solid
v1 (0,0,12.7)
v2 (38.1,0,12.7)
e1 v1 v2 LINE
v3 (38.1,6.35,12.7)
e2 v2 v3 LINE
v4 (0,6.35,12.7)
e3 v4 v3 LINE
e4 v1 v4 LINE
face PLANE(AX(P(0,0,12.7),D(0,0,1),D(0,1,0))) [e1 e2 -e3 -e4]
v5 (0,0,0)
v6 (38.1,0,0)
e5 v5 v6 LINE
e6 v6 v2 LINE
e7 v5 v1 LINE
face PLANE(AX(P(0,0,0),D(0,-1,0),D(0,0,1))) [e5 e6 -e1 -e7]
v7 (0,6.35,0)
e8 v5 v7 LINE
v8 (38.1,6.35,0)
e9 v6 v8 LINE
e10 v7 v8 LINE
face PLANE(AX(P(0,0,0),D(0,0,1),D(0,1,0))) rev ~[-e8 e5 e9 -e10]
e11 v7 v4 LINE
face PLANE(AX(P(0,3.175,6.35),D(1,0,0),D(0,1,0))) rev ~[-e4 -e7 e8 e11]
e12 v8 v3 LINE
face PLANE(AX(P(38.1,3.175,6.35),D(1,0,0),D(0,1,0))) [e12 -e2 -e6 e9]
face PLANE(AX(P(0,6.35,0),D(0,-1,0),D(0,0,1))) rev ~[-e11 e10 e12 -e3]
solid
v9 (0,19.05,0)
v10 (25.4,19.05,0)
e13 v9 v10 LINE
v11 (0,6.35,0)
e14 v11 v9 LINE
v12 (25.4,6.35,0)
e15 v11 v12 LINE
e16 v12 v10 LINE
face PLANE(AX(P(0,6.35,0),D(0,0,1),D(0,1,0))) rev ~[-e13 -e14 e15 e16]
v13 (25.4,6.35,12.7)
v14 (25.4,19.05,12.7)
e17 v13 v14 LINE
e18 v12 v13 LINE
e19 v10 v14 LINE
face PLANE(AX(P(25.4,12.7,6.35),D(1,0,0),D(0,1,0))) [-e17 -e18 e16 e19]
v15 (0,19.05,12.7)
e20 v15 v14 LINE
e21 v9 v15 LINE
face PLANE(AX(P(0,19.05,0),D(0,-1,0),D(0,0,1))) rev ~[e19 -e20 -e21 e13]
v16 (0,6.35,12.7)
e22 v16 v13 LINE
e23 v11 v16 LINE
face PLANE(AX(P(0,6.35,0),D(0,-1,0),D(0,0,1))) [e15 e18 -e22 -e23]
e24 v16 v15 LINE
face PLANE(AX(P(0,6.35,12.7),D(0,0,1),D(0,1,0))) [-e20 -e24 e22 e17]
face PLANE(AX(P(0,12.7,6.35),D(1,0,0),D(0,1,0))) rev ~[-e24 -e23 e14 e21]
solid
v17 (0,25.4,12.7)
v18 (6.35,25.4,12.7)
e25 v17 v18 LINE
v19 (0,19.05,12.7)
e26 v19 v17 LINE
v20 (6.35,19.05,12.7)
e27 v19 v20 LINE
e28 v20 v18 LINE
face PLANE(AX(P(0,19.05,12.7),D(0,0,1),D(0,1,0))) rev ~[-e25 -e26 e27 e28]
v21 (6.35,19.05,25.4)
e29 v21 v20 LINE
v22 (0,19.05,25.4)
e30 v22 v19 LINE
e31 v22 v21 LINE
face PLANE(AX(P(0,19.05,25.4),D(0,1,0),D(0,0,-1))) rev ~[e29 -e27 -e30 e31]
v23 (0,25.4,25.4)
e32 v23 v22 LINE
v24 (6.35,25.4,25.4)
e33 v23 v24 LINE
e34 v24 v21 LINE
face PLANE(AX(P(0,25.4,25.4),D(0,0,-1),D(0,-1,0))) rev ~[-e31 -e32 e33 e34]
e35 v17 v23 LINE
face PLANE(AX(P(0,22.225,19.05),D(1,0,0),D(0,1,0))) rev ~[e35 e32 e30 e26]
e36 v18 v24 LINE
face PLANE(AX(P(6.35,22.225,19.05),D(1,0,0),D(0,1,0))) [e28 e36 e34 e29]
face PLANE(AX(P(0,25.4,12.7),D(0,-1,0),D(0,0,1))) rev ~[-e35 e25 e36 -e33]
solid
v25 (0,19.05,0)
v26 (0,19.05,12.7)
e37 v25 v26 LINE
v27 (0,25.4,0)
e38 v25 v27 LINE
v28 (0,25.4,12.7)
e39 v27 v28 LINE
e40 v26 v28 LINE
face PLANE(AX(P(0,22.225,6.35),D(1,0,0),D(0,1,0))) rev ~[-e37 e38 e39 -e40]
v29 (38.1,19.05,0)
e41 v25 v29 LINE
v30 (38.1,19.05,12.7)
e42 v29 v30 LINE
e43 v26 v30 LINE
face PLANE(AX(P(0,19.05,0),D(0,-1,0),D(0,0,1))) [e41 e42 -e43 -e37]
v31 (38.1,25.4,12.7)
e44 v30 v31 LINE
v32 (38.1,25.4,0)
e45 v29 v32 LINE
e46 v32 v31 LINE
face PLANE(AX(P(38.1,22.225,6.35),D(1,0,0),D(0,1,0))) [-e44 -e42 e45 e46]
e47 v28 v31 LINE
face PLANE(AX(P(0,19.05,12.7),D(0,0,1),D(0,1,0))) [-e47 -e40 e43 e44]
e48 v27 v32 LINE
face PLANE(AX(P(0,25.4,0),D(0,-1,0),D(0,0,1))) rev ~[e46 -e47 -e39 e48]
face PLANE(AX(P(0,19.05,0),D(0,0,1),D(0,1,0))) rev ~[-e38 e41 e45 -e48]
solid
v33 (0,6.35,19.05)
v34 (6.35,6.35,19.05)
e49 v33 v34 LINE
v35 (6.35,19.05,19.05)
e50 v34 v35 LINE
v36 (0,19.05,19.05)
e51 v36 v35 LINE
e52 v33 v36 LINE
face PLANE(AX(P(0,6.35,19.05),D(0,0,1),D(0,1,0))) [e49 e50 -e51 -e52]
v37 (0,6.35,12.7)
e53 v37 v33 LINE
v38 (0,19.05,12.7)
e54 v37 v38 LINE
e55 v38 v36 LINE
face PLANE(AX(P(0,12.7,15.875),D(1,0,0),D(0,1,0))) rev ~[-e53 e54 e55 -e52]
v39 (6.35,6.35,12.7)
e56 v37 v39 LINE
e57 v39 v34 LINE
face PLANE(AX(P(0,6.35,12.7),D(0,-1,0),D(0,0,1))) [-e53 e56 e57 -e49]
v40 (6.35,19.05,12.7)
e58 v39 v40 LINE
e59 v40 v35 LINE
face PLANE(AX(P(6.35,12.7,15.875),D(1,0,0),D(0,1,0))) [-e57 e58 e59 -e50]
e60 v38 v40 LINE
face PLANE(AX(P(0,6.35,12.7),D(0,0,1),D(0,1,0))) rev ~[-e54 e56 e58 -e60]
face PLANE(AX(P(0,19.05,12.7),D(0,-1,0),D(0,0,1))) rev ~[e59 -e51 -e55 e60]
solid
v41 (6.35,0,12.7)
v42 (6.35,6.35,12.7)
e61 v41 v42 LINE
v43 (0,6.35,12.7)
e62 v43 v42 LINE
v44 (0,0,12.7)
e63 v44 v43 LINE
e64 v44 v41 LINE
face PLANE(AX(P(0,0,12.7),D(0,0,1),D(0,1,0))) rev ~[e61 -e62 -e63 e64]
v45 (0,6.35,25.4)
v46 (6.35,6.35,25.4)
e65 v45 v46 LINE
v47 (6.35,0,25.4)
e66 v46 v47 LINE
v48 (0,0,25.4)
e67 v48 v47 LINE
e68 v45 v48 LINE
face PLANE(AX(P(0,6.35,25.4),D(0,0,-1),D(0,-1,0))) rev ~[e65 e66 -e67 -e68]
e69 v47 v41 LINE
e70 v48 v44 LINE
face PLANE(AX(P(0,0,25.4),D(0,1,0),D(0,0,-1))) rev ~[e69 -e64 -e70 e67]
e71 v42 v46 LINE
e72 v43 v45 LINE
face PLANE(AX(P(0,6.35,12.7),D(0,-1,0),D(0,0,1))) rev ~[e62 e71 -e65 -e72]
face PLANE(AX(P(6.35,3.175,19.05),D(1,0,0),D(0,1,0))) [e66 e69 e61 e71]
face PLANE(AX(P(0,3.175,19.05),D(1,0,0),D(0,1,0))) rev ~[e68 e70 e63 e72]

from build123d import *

# Parameters (mm, degrees)
F0_W     = 6.35
F0_H     = 12.7
F1_DEPTH = 38.1
F0_W_2   = 12.7
F2_DEPTH = 25.4
F3_DEPTH = 6.35
F0_H_2   = 6.35
F4_DEPTH = 6.35


with BuildPart() as f1:
    # F0 (on Right) → F1 (new body)
    with BuildSketch(Plane.YZ):
        with Locations((3.175, 6.35)):
            Rectangle(F0_W, F0_H)
        with Locations((22.225, 6.35)):
            Rectangle(F0_W, F0_H)
    extrude(amount=F1_DEPTH)


with BuildPart() as f2:
    # F0 (on Right) → F2 (new body)
    with BuildSketch(Plane.YZ):
        with Locations((12.7, 6.35)):
            Rectangle(F0_W_2, F0_H)
    extrude(amount=F2_DEPTH)


with BuildPart() as f3:
    # F0 (on Right) → F3 (new body)
    with BuildSketch(Plane.YZ):
        Polygon((0, 25.4), (0, 12.7), (6.35, 12.7), (6.35, 19.05), (6.35, 25.4), align=None)
        Polygon((19.05, 19.05), (19.05, 12.7), (25.4, 12.7), (25.4, 25.4), (19.05, 25.4), align=None)
    extrude(amount=F3_DEPTH)


with BuildPart() as f4:
    # F0 (on Right) → F4 (new body)
    with BuildSketch(Plane.YZ):
        with Locations((12.7, 15.875)):
            Rectangle(F0_W_2, F0_H_2)
    extrude(amount=F4_DEPTH)


solid = Compound([f1.part, f2.part, f3.part, f4.part])
